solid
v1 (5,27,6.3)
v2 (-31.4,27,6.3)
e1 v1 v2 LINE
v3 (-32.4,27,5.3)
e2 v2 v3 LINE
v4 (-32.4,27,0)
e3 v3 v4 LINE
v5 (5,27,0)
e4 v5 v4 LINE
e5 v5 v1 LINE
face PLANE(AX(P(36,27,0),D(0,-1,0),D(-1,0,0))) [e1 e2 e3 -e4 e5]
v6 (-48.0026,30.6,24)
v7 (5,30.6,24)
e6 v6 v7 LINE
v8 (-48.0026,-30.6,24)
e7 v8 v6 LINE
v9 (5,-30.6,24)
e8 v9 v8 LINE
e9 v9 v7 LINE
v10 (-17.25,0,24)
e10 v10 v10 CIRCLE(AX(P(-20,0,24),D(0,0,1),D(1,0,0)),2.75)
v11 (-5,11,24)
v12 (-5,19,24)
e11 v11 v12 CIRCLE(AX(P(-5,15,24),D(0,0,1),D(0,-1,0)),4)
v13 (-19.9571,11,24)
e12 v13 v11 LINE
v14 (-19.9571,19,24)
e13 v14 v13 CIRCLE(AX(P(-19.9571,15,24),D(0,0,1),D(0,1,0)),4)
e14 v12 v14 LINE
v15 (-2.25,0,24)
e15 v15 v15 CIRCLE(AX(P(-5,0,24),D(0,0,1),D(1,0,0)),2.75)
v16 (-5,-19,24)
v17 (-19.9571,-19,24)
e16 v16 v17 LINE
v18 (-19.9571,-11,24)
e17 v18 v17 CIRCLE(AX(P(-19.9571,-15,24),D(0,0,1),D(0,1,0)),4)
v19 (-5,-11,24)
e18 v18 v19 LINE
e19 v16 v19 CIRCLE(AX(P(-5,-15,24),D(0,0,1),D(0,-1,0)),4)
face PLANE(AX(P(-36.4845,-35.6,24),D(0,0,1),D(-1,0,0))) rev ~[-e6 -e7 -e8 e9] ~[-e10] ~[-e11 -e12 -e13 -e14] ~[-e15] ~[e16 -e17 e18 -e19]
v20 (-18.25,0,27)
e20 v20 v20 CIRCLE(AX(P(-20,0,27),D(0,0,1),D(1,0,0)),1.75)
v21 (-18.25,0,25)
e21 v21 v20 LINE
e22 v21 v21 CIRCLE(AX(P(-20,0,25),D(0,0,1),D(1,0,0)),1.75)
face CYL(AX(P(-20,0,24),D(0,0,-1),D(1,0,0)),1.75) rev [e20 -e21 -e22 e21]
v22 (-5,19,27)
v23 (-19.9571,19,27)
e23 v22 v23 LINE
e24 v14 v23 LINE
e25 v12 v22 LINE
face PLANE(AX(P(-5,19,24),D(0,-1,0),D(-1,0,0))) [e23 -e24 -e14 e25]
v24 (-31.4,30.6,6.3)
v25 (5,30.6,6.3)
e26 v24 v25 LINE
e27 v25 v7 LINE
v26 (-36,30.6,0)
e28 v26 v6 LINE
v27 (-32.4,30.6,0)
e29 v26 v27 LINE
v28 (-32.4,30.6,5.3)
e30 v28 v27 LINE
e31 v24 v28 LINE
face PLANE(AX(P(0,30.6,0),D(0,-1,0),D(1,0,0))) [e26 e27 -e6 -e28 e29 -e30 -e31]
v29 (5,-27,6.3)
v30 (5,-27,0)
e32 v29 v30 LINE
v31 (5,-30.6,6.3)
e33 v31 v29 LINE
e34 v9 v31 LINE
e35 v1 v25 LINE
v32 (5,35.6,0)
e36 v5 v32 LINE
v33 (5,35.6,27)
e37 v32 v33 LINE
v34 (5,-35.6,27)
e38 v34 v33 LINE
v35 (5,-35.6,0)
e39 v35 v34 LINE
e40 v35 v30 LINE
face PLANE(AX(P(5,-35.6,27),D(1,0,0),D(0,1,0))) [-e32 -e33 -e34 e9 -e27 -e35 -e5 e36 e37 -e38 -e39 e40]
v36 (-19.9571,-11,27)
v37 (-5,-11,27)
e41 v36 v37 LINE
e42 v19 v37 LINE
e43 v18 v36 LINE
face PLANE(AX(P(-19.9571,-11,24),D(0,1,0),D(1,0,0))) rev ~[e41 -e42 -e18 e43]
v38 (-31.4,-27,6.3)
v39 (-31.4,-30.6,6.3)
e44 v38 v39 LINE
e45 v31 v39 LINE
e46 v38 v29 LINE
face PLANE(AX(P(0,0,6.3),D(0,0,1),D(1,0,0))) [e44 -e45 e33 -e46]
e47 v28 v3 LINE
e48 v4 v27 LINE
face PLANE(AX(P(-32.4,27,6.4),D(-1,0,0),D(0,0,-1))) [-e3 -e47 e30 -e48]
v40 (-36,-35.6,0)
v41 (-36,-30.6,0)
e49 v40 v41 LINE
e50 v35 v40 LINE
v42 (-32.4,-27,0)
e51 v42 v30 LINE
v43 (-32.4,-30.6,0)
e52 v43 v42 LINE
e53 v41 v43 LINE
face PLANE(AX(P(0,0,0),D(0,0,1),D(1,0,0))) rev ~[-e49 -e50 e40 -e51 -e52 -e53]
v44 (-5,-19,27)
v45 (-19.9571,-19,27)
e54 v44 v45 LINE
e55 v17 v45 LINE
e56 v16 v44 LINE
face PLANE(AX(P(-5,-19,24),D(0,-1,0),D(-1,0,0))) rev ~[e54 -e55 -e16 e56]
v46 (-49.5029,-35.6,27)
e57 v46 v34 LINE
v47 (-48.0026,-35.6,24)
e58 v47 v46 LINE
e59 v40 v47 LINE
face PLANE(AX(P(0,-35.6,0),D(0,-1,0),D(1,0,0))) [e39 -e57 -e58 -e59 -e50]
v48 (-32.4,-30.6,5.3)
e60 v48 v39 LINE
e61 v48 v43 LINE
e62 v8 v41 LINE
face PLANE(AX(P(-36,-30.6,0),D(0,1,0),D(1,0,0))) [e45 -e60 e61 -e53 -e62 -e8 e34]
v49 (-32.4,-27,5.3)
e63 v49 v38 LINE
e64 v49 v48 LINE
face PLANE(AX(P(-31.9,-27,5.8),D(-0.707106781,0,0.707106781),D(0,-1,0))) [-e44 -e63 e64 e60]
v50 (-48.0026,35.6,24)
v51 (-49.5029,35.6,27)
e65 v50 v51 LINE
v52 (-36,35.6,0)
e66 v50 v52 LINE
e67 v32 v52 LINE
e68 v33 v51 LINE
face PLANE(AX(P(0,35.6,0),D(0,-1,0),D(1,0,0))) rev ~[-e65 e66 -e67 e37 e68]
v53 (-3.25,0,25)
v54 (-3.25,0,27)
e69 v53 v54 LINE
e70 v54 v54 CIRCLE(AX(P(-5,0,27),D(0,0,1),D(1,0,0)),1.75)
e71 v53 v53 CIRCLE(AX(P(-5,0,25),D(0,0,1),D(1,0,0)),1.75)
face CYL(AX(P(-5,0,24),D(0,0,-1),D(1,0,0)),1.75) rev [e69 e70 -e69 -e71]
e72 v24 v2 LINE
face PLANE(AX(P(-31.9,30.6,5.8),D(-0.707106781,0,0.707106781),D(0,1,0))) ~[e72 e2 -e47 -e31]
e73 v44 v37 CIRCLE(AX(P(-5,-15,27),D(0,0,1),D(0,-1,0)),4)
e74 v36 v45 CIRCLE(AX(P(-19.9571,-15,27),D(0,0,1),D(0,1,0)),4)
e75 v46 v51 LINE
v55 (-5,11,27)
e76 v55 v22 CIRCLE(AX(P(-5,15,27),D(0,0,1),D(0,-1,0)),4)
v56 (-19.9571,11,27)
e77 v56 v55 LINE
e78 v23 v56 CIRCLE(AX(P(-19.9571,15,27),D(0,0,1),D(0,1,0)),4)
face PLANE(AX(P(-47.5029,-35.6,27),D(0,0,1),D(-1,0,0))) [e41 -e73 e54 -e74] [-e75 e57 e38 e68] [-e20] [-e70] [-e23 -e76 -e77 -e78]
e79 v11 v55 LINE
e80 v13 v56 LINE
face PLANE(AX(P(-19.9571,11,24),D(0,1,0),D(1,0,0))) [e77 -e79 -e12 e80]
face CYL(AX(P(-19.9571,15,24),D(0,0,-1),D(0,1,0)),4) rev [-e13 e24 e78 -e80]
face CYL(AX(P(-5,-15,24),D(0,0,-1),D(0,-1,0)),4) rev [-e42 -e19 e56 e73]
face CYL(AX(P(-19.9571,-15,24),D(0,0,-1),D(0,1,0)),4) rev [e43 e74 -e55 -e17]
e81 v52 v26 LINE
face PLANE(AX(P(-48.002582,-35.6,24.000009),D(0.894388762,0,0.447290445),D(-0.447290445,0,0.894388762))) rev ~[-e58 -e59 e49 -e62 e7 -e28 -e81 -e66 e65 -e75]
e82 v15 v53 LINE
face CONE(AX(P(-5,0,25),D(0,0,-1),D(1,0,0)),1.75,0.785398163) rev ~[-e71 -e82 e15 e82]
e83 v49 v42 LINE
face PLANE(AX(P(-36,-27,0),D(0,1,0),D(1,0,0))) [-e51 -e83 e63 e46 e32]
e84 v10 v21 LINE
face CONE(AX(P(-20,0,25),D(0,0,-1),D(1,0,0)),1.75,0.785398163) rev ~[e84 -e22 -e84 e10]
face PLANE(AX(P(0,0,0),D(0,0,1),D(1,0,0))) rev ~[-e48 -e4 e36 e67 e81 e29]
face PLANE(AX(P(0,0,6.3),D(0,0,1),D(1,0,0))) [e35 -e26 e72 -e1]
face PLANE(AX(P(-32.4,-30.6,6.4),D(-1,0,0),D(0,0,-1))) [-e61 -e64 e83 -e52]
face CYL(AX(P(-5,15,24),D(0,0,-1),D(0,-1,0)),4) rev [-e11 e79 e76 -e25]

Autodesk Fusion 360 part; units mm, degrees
sketch "Sketch1" plane through (0, 0, 0) normal (0, 0, 1) x (1, 0, 0)
  line L0 (36, 27) -> (-36, 27)
  line L1 (-36, 27) -> (-36, -27)
  line L2 (-36, -27) -> (36, -27)
  line L3 (36, -27) -> (36, 27)
  line L4 (36, 30.6) -> (-36, 30.6)
  line L5 (-36, 35.6) -> (-36, -30.6)
  line L6 (-36, -30.6) -> (36, -30.6)
  line L7 (36, -30.6) -> (36, 30.6)
  line L8 (33, 35.6) -> (-36, 35.6)
  line L9 (41, -27.6) -> (41, 27.6)
  line L10 (33, -35.6) -> (-36, -35.6)
  line L11 (-36, -35.6) -> (-36, 30.6)
  arc A0 (41, 27.6) -> (33, 35.6) centre (33, 27.6) ccw
  arc A1 (33, -35.6) -> (41, -27.6) centre (33, -27.6) ccw
  circle A2 centre (-20, 0) radius 1.75
  line L12 (-19.9571, 11) -> (-5, 11)
  arc A3 (-5, 11) -> (-5, 19) centre (-5, 15) ccw
  line L13 (-5, 19) -> (-19.9571, 19)
  arc A4 (-19.9571, 19) -> (-19.9571, 11) centre (-19.9571, 15) ccw
  line L14 (-19.9571, 15) -> (-5, 15) construction
  line L15 (1.75, 0) -> (22.5, 0)
  line L16 (-19.9571, -11) -> (-5, -11)
  line L17 (-5, -19) -> (-19.9571, -19)
  arc A5 (-5, -19) -> (-5, -11) centre (-5, -15) ccw
  arc A6 (-19.9571, -11) -> (-19.9571, -19) centre (-19.9571, -15) ccw
  circle A7 centre (-5, 0) radius 1.75
  dimension "d1" = 72
  dimension "d2" = 54
  dimension "d3" = 61.2
  dimension "d6" = 8
  dimension "d32" = 3.5
  dimension "d34" = 8
  dimension "d40" = 3.5
extrude "Extrude1" add sketch "Sketch1" along normal blind 6.3 contours L3 L4 L5 L6 L7 L8 L9 L10 L11 A0 A1 | L0 L4 L5 L7 L11 | L2 L5 L6 L7 L11
extrude "Extrude2" add sketch "Sketch1" along normal blind 24 contours L3 L4 L5 L6 L7 L8 L9 L10 L11 A0 A1
extrude "Extrude3" add sketch "Sketch1" along normal blind 27 and the other way blind -24
sketch "Sketch2" plane through (0, -35.6, 0) normal (0, -1, 0) x (1, 0, 0)
  line L0 (-36, 0) -> (33, 0)
  line L1 (33, 0) -> (33, 27)
  line L2 (-36, 27) -> (-36, 0)
  line L3 (-36, 0) -> (-49.5029, 27)
  line L4 (-36, 0) -> (-6, 0) construction
  line L5 (-36, 27) -> (-49.5029, 27)
  line L6 (33, 27) -> (-36, 27)
  line L7 (-36, 27) -> (-36, 24)
  line L8 (-36, 24) -> (-36.4845, 24)
  line L9 (-36.4845, 24) -> (-48.0026, 24)
  line L10 (-36, 0) -> (-36, 6.4)
  line L11 (-36, 6.4) -> (-36, 6)
  line L12 (-36, 6.4) -> (-39.2007, 6.4)
  line L13 (-36, 0) -> (-32.4, 0)
  line L14 (-49.5029, 27) -> (-47.5029, 27)
  line L15 (-36, 6.4) -> (-32.4, 6.4)
  line L16 (-32.4, 6.4) -> (-32.4, 0)
  dimension "d11" = 116.57
  dimension "d25" = 6.4
  dimension "d36" = 3.6
  dimension "d37" = 2
extrude "Extrude4" add sketch "Sketch2" against normal blind 5 contours L2 L3 L10 L11 L12 | L2 L3 L8 L9 L12
extrude "Extrude5" add sketch "Sketch2" along normal blind -71.2 and the other way blind 66.2 contours L2 L3 L10 L11 L12 | L2 L3 L8 L9 L12
extrude "Extrude6" add sketch "Sketch2" against normal blind 71.2 contours L2 L3 L5 L7 L8 L9 L14
extrude "Extrude7" cut sketch "Sketch2" along normal blind -8.6 and the other way blind 5 contours L0 L2 L10 L11 L13 L15 L16
extrude "Extrude8" cut sketch "Sketch2" along normal blind -66.2 and the other way blind 62.6 contours L0 L2 L10 L11 L13 L15 L16
chamfer "Chamfer2" distance 1 angle 45 2 edges at (-21.6316, 0.6328, 24) (-6.6316, 0.6328, 24)
sketch "Sketch3" plane through (0, 0, 27) normal (0, 0, 1) x (-1, 0, 0)
  arc A0 (5, 19) -> (5, 11) centre (5, 15) ccw
  line L0 (5, 19) -> (19.9571, 19)
  arc A1 (19.9571, 11) -> (19.9571, 19) centre (19.9571, 15) ccw
  line L1 (19.9571, 11) -> (5, 11)
  circle A2 centre (20, 0) radius 1.75
  circle A3 centre (5, 0) radius 1.75
  arc A4 (19.9571, -19) -> (19.9571, -11) centre (19.9571, -15) ccw
  line L2 (19.9571, -19) -> (5, -19)
  arc A5 (5, -11) -> (5, -19) centre (5, -15) ccw
  line L3 (5, -11) -> (19.9571, -11)
  line L4 (49.5029, 35.6) -> (-33, 35.6)
  arc A6 (-33, 35.6) -> (-41, 27.6) centre (-33, 27.6) ccw
  line L5 (-41, 27.6) -> (-41, -27.6)
  arc A7 (-41, -27.6) -> (-33, -35.6) centre (-33, -27.6) ccw
  line L6 (-33, -35.6) -> (49.5029, -35.6)
  line L7 (49.5029, -35.6) -> (49.5029, 35.6)
  line L8 (-5, -40) -> (-45, -40)
  line L9 (-45, -40) -> (-45, 40)
  line L10 (-45, 40) -> (-5, 40)
  line L11 (-5, 40) -> (-5, -40)
extrude "Extrude9" cut sketch "Sketch3" against normal blind 55 contours L4 A6 L5 A7 L6 L11 | L4 A6 L5 A7 L6 L8 L9 L10 L11
chamfer "Chamfer3" distance 1 angle 45 2 edges at (-32.4, -28.8, 6.3) (-32.4, 28.8, 6.3)
